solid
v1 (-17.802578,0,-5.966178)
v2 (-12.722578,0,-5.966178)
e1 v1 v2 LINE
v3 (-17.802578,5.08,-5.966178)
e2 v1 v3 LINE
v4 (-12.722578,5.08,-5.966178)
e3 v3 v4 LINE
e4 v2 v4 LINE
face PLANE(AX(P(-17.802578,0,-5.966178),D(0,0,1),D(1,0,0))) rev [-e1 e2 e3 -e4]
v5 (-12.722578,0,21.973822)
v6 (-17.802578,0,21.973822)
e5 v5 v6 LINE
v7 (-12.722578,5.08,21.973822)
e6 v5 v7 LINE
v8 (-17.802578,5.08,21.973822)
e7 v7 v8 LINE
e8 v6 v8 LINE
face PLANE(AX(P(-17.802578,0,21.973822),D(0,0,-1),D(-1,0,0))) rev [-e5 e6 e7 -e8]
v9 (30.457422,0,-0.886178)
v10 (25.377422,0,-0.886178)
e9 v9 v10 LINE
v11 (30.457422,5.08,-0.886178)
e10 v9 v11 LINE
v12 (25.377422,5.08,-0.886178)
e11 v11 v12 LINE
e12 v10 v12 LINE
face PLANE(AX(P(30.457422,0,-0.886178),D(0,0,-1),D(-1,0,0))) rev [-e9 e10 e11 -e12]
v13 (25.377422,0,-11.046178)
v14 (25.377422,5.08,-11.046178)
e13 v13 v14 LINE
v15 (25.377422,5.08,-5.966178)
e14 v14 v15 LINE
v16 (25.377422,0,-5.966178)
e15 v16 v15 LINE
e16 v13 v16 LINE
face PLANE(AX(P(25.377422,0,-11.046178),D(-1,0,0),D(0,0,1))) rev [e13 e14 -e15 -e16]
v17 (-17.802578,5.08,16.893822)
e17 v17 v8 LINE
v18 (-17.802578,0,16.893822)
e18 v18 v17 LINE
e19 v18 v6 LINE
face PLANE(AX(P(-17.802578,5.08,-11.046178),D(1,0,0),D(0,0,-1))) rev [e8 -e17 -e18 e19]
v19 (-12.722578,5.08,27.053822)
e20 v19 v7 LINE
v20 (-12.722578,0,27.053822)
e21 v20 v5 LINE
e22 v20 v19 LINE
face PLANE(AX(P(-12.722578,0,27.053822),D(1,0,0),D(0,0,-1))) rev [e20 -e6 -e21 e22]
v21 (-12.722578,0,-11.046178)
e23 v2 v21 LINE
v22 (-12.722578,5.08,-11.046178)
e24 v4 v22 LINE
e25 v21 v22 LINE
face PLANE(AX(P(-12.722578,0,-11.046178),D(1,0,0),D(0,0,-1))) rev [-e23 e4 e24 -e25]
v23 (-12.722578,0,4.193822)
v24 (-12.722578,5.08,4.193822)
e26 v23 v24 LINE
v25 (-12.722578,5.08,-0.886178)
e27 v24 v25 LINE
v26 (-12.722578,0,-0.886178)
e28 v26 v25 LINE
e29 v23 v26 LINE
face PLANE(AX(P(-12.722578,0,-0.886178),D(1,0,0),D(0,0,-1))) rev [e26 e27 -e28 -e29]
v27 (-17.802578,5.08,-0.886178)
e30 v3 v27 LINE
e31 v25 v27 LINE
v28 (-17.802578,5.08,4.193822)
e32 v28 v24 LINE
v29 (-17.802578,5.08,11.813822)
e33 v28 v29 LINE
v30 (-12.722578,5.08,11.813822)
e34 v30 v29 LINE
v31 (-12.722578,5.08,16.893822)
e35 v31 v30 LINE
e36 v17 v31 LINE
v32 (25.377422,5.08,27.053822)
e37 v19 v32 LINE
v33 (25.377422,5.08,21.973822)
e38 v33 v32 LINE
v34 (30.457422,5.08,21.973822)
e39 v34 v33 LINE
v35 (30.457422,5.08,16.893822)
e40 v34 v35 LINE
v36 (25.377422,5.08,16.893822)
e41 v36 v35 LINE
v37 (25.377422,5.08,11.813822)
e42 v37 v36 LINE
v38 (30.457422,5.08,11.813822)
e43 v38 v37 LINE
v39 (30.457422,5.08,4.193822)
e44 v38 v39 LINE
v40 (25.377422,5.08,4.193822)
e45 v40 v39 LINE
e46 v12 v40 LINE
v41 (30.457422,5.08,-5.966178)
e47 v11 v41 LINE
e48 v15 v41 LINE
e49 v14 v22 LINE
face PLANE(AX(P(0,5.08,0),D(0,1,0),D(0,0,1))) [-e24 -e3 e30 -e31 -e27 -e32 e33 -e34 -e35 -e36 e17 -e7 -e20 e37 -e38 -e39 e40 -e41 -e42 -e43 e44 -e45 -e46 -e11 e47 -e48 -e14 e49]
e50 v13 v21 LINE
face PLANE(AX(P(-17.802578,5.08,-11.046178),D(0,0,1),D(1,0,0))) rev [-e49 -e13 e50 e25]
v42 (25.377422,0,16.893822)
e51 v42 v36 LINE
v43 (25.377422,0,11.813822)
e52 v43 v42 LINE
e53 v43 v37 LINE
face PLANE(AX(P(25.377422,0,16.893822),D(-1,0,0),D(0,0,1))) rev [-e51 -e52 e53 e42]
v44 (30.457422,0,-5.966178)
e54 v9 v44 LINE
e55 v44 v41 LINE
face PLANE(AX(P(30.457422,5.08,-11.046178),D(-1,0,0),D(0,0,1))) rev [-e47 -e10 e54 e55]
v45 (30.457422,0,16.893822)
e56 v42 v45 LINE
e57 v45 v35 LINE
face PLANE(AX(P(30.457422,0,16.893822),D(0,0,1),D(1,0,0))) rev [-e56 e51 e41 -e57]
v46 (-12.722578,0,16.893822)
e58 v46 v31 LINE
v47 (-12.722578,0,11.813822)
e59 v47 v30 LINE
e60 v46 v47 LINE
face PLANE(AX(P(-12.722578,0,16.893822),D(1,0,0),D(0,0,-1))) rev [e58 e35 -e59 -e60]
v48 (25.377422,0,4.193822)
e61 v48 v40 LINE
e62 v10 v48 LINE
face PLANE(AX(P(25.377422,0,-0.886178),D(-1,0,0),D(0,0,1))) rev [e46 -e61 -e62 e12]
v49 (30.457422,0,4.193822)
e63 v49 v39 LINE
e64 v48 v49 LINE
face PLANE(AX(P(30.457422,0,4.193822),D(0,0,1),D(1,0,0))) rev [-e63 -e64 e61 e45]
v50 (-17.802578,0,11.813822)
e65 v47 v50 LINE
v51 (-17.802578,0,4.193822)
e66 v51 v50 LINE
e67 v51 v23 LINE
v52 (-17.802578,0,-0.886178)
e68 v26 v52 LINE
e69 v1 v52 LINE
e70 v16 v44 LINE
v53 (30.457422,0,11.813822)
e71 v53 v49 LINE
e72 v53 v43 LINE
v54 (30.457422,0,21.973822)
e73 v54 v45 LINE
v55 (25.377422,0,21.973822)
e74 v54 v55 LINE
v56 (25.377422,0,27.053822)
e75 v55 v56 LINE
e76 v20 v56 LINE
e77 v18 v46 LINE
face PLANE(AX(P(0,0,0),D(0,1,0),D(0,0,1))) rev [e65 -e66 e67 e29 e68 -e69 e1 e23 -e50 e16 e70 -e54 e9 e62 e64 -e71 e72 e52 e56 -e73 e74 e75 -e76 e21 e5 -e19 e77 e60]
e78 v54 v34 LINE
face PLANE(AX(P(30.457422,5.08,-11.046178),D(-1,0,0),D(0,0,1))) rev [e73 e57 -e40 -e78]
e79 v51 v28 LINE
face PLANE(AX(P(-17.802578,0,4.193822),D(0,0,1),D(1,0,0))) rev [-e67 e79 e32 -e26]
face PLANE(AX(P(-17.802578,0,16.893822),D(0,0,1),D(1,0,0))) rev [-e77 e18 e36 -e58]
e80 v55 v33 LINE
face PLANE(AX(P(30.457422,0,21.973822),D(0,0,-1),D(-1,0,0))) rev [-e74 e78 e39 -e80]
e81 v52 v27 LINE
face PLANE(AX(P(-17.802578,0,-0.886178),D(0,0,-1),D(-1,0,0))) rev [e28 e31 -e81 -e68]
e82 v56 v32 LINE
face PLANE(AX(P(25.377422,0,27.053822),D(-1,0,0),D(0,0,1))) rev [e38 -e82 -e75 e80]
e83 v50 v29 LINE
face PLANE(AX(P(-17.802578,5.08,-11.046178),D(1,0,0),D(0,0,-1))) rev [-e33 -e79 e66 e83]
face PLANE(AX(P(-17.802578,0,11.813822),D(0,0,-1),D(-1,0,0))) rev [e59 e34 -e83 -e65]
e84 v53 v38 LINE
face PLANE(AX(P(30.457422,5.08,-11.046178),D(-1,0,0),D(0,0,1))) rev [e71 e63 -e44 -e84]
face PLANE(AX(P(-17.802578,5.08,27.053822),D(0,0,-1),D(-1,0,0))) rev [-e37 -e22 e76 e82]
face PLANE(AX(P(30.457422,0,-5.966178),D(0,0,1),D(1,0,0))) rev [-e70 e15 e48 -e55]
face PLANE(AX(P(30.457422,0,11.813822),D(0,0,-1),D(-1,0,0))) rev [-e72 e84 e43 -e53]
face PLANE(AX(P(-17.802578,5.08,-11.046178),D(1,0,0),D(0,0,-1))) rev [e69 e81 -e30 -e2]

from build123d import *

# Parameters (mm, degrees)
SKETCH1_W           = 48.26
SKETCH1_H           = 38.1
BOSS_EXTRUDE1_DEPTH = 5.08
SKETCH2_W           = 5.08
SKETCH2_H           = 5.08
CUT_EXTRUDE1_DEPTH  = 5.08


with BuildPart() as part:
    # Sketch1 → Boss-Extrude1 (new body)
    with BuildSketch(Plane(origin=(0, 0, 0), x_dir=(1, 0, 0), z_dir=(0, 1, 0))):
        with Locations((6.327422222, -8.003822222)):
            Rectangle(SKETCH1_W, SKETCH1_H)
    extrude(amount=BOSS_EXTRUDE1_DEPTH)

    # Sketch2 → Cut-Extrude1 (cut)
    with BuildSketch(Plane(origin=(0, 5.08, 0), x_dir=(1, 0, 0), z_dir=(0, 1, 0))):
        with Locations((27.917422222, -24.513822222)):
            Rectangle(SKETCH2_W, SKETCH2_H)
        with Locations((27.917422222, -14.353822222)):
            Rectangle(SKETCH2_W, SKETCH2_H)
        with Locations((-15.262577778, 8.506177778)):
            Rectangle(SKETCH2_W, SKETCH2_H)
        with Locations((-15.262577778, -1.653822222)):
            Rectangle(SKETCH2_W, SKETCH2_H)
        with Locations((-15.262577778, -24.513822222)):
            Rectangle(SKETCH2_W, SKETCH2_H)
        with Locations((-15.262577778, -14.353822222)):
            Rectangle(SKETCH2_W, SKETCH2_H)
        with Locations((27.917422222, -1.653822222)):
            Rectangle(SKETCH2_W, SKETCH2_H)
        with Locations((27.917422222, 8.506177778)):
            Rectangle(SKETCH2_W, SKETCH2_H)
    extrude(amount=-CUT_EXTRUDE1_DEPTH, mode=Mode.SUBTRACT)


solid = part.part
